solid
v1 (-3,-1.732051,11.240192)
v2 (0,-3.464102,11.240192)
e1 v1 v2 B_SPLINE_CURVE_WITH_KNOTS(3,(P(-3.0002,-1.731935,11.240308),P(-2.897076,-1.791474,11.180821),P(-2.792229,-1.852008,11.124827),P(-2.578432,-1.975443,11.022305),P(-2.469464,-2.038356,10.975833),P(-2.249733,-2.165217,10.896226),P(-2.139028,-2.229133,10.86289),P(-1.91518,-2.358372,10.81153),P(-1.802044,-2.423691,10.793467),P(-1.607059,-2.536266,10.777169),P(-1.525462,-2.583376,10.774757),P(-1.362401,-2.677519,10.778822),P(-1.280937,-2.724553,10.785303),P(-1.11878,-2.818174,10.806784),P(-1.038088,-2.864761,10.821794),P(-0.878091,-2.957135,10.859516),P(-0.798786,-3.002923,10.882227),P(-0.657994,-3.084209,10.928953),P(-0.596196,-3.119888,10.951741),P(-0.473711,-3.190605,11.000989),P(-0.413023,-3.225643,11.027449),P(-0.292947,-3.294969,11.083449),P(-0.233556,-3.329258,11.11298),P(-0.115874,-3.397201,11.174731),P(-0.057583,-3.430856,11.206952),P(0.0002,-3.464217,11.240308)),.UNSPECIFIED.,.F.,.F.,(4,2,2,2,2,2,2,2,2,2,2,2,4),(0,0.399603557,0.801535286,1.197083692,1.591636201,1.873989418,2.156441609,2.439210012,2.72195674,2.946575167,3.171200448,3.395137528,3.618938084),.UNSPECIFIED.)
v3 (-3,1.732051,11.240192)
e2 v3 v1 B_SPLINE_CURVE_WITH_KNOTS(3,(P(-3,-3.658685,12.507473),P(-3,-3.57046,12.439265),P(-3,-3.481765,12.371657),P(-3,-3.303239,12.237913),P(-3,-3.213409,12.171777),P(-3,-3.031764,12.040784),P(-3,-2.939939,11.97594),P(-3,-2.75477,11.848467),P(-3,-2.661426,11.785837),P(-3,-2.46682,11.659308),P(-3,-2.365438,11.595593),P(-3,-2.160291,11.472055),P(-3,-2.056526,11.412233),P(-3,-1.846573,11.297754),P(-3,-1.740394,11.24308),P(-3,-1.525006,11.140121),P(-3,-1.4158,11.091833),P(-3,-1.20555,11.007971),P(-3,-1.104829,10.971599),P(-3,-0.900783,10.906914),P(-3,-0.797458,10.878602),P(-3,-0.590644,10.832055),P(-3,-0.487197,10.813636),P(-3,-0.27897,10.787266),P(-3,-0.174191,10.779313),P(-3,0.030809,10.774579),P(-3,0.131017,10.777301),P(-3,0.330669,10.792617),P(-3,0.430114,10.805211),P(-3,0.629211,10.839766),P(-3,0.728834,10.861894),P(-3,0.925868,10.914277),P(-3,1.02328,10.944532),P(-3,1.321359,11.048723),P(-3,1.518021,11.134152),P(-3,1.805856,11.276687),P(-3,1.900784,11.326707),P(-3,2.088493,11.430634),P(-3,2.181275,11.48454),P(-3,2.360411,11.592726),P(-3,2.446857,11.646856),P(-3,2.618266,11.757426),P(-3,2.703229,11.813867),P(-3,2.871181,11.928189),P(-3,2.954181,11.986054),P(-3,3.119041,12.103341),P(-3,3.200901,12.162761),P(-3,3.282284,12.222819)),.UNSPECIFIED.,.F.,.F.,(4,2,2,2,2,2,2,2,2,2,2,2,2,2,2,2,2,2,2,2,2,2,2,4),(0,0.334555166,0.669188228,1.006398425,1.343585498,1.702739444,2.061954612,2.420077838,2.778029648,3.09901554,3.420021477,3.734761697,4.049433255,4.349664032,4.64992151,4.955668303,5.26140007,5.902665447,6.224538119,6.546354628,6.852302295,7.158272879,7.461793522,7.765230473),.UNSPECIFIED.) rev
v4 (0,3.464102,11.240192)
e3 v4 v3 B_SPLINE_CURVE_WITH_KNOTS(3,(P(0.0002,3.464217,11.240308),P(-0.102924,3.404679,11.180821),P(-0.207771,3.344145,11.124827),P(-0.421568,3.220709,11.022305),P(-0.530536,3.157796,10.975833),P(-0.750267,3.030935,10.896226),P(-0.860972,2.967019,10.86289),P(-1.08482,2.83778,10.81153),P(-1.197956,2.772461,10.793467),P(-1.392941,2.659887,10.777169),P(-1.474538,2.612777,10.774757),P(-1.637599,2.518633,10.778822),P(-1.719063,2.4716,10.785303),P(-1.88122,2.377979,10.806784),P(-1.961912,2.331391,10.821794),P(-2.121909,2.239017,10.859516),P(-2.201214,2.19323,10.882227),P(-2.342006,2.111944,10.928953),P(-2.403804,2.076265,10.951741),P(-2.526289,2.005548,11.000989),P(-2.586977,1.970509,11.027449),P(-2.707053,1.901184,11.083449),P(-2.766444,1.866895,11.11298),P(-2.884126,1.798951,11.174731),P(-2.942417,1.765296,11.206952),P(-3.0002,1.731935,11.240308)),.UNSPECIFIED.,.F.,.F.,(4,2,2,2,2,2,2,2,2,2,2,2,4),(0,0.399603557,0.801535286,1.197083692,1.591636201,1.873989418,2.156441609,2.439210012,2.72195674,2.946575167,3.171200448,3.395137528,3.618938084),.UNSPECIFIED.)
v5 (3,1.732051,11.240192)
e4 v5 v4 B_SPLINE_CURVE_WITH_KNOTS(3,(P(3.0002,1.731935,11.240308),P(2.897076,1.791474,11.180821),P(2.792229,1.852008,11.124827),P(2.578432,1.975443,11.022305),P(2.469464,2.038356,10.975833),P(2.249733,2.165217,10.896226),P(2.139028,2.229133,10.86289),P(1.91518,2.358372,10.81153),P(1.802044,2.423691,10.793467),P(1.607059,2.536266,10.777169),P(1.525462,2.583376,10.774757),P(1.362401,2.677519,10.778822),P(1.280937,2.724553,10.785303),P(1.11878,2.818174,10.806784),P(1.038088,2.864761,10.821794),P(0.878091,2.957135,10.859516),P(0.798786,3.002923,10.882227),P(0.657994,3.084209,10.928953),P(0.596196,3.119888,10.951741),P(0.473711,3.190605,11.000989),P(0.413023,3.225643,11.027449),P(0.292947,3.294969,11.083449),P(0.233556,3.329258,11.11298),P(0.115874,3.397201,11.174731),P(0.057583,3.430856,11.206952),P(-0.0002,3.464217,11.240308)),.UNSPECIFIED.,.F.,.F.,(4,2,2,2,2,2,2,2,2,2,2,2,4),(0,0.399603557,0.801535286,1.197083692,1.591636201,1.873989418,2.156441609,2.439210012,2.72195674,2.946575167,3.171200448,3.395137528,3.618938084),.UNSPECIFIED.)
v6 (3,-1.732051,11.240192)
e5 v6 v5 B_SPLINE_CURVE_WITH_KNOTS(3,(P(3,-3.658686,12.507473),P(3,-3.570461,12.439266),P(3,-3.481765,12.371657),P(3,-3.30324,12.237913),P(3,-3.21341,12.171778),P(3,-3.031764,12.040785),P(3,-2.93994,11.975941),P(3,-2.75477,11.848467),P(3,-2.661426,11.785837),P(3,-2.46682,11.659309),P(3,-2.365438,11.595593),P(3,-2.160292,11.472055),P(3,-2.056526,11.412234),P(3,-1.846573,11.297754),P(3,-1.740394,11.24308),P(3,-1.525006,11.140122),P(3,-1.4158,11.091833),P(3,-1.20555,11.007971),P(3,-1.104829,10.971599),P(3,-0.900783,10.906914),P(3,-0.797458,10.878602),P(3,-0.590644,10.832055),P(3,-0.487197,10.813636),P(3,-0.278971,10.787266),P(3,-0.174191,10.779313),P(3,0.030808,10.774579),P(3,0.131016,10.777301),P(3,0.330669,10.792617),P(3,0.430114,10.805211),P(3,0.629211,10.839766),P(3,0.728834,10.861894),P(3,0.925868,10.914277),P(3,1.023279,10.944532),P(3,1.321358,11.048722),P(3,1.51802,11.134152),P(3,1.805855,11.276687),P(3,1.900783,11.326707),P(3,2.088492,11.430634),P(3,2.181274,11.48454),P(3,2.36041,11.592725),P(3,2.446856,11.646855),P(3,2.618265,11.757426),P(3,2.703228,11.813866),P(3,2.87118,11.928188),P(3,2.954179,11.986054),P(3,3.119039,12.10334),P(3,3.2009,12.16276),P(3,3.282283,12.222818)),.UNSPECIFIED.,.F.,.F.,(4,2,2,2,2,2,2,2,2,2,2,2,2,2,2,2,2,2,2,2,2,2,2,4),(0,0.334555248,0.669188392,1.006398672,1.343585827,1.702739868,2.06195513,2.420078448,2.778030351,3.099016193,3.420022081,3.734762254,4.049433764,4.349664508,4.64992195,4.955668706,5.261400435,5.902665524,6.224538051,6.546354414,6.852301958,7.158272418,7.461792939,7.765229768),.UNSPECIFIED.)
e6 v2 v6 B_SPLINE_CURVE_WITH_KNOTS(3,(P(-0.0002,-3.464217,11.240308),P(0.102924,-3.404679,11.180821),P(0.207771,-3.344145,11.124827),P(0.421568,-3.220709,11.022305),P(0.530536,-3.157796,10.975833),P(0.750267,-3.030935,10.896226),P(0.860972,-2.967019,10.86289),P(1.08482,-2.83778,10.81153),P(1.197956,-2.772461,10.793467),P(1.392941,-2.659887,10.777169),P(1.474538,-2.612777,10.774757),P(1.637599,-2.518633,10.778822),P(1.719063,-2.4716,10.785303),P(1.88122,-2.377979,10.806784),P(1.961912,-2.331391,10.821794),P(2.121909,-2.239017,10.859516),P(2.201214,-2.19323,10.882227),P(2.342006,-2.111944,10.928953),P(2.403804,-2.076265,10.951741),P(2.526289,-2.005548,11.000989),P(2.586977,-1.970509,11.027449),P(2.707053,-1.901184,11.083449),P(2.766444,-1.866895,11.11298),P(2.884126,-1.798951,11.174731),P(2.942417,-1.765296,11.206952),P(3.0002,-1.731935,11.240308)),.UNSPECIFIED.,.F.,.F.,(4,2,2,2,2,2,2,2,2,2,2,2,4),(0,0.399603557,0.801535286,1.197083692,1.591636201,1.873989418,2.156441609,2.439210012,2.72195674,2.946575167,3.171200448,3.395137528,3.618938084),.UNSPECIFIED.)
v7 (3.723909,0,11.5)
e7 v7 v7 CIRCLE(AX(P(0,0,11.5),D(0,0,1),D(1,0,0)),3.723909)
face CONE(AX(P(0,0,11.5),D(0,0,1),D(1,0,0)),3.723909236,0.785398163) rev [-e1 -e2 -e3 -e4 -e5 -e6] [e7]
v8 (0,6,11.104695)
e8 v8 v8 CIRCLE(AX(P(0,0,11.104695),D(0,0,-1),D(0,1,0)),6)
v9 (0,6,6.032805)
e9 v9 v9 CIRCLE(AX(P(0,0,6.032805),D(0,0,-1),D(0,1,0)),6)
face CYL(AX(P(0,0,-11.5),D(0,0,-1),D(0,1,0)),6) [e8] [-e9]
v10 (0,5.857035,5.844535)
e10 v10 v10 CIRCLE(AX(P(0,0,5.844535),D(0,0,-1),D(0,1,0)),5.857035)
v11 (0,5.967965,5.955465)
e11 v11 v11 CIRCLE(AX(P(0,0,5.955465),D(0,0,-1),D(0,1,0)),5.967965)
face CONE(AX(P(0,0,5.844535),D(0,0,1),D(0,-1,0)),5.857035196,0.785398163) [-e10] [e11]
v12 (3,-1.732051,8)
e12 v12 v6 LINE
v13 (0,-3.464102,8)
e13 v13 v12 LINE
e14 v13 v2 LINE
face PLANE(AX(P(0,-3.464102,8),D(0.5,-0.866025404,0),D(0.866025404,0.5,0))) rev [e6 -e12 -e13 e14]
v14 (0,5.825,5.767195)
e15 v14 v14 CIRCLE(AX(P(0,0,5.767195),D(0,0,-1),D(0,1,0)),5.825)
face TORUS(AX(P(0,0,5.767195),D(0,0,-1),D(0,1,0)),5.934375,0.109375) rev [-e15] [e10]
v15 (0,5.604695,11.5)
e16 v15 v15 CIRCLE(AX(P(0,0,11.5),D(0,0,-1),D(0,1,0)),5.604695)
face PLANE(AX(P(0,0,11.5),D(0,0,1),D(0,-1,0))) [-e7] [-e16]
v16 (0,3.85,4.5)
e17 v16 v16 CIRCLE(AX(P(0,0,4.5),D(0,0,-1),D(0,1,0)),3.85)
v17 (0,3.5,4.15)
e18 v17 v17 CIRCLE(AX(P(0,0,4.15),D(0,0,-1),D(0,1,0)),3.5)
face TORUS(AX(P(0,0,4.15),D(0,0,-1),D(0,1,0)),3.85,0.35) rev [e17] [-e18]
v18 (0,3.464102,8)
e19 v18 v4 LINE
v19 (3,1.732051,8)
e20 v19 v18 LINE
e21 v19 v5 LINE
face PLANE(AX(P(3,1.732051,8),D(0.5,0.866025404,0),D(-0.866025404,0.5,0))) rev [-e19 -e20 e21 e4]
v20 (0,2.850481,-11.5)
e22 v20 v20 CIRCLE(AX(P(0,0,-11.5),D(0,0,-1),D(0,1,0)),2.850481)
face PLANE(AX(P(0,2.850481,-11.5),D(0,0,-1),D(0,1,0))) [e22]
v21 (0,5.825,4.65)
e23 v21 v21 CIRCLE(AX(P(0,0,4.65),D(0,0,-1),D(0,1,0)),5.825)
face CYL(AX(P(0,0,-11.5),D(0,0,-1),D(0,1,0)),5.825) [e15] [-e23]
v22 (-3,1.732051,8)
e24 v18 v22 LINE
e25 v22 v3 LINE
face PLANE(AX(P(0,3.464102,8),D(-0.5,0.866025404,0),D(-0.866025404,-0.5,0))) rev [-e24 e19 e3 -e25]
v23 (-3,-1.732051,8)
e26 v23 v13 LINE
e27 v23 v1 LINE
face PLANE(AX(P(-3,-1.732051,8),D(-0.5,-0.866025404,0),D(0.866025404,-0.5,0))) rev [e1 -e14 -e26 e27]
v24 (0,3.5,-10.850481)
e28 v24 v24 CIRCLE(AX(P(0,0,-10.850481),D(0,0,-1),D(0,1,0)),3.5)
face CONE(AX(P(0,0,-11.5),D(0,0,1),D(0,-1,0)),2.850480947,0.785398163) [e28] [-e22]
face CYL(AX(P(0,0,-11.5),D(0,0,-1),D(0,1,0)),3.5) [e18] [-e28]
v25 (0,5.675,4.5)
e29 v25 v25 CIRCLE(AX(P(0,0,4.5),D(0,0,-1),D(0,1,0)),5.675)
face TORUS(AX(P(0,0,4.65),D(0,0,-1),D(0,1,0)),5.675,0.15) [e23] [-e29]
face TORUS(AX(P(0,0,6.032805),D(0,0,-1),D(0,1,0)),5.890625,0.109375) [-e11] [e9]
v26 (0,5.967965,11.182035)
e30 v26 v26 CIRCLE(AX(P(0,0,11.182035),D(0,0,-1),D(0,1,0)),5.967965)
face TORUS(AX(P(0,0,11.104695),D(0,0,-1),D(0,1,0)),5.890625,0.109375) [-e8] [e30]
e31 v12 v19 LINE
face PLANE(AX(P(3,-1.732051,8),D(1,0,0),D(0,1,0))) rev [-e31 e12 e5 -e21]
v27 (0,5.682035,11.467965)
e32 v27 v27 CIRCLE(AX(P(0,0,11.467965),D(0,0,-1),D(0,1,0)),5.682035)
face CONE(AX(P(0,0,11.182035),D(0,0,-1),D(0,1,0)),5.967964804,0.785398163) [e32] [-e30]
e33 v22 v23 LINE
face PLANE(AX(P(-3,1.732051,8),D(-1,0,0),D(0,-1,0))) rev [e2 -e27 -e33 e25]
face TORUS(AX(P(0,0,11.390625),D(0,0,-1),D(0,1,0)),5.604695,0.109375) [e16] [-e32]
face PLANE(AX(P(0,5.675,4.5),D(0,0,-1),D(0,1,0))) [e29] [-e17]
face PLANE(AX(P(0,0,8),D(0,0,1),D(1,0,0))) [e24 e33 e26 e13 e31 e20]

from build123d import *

# Parameters (mm, degrees)
CUT_EXTRUDE1_START = -3.5
CUT_EXTRUDE1_DEPTH = 3.5
SKETCH4_R          = 3.723909236
CUT_EXTRUDE2_DEPTH = 3.5
CUT_EXTRUDE2_DRAFT = -45


with BuildPart() as part:
    # Sketch2 → Revolve1 (revolve)
    with BuildSketch(Plane(origin=(0, 0, 0), x_dir=(0, 0, -1), z_dir=(1, 0, 0))):
        with BuildLine():
            Line((-11.5, 0), (-11.5, 5.604695392))
            ThreePointArc((-11.5, 5.604695392), (-11.491674324, 5.646551392), (-11.467964804, 5.682035196))
            Line((-11.467964804, 5.682035196), (-11.182035196, 5.967964804))
            ThreePointArc((-11.182035196, 5.967964804), (-11.146551392, 5.991674324), (-11.104695392, 6))
            Line((-11.104695392, 6), (-6.032804608, 6))
            ThreePointArc((-6.032804608, 6), (-5.990948608, 5.991674324), (-5.955464804, 5.967964804))
            Line((-5.955464804, 5.967964804), (-5.844535196, 5.857035196))
            ThreePointArc((-5.844535196, 5.857035196), (-5.809051392, 5.833325676), (-5.767195392, 5.825))
            Line((-5.767195392, 5.825), (-4.65, 5.825))
            ThreePointArc((-4.65, 5.825), (-4.543933983, 5.781066017), (-4.5, 5.675))
            Line((-4.5, 5.675), (-4.5, 3.85))
            ThreePointArc((-4.5, 3.85), (-4.397487373, 3.602512627), (-4.15, 3.5))
            Line((-4.15, 3.5), (10.850480947, 3.5))
            Line((10.850480947, 3.5), (11.5, 2.850480947))
            Line((11.5, 2.850480947), (11.5, 0))
            Line((11.5, 0), (-11.5, 0))
        make_face()
    revolve(axis=Axis((0, 0, -11.5), (0, 0, 1)))

    # Sketch3 → Cut-Extrude1 (cut)
    with BuildSketch(Plane.XY.offset(11.5).offset(CUT_EXTRUDE1_START)):
        Polygon((3, -1.732050808), (3, 1.732050808), (0, 3.464101615), (-3, 1.732050808), (-3, -1.732050808), (0, -3.464101615), align=None)
    extrude(amount=CUT_EXTRUDE1_DEPTH, mode=Mode.SUBTRACT)


with BuildPart() as cut_extrude2_tool:
    # Sketch4 → Cut-Extrude2 (with draft: the straight prism first)
    with BuildSketch(Plane.XY.offset(11.5)):
        Circle(SKETCH4_R)
    extrude(amount=-CUT_EXTRUDE2_DEPTH)
    # Cut-Extrude2: the draft: its side faces are tilted about the plane it starts from
    cut_extrude2_sides = [cut_extrude2_tool.faces().sort_by_distance(p)[0] for p in [
        (-3.723909236, 0, 9.75),
    ]]
    draft(cut_extrude2_sides, Plane.XY.offset(11.5), CUT_EXTRUDE2_DRAFT)


with BuildPart() as part_1:
    add(part.part)

    # Cut-Extrude2: cut by cut_extrude2_tool
    add(cut_extrude2_tool.part, mode=Mode.SUBTRACT)


solid = part_1.part
